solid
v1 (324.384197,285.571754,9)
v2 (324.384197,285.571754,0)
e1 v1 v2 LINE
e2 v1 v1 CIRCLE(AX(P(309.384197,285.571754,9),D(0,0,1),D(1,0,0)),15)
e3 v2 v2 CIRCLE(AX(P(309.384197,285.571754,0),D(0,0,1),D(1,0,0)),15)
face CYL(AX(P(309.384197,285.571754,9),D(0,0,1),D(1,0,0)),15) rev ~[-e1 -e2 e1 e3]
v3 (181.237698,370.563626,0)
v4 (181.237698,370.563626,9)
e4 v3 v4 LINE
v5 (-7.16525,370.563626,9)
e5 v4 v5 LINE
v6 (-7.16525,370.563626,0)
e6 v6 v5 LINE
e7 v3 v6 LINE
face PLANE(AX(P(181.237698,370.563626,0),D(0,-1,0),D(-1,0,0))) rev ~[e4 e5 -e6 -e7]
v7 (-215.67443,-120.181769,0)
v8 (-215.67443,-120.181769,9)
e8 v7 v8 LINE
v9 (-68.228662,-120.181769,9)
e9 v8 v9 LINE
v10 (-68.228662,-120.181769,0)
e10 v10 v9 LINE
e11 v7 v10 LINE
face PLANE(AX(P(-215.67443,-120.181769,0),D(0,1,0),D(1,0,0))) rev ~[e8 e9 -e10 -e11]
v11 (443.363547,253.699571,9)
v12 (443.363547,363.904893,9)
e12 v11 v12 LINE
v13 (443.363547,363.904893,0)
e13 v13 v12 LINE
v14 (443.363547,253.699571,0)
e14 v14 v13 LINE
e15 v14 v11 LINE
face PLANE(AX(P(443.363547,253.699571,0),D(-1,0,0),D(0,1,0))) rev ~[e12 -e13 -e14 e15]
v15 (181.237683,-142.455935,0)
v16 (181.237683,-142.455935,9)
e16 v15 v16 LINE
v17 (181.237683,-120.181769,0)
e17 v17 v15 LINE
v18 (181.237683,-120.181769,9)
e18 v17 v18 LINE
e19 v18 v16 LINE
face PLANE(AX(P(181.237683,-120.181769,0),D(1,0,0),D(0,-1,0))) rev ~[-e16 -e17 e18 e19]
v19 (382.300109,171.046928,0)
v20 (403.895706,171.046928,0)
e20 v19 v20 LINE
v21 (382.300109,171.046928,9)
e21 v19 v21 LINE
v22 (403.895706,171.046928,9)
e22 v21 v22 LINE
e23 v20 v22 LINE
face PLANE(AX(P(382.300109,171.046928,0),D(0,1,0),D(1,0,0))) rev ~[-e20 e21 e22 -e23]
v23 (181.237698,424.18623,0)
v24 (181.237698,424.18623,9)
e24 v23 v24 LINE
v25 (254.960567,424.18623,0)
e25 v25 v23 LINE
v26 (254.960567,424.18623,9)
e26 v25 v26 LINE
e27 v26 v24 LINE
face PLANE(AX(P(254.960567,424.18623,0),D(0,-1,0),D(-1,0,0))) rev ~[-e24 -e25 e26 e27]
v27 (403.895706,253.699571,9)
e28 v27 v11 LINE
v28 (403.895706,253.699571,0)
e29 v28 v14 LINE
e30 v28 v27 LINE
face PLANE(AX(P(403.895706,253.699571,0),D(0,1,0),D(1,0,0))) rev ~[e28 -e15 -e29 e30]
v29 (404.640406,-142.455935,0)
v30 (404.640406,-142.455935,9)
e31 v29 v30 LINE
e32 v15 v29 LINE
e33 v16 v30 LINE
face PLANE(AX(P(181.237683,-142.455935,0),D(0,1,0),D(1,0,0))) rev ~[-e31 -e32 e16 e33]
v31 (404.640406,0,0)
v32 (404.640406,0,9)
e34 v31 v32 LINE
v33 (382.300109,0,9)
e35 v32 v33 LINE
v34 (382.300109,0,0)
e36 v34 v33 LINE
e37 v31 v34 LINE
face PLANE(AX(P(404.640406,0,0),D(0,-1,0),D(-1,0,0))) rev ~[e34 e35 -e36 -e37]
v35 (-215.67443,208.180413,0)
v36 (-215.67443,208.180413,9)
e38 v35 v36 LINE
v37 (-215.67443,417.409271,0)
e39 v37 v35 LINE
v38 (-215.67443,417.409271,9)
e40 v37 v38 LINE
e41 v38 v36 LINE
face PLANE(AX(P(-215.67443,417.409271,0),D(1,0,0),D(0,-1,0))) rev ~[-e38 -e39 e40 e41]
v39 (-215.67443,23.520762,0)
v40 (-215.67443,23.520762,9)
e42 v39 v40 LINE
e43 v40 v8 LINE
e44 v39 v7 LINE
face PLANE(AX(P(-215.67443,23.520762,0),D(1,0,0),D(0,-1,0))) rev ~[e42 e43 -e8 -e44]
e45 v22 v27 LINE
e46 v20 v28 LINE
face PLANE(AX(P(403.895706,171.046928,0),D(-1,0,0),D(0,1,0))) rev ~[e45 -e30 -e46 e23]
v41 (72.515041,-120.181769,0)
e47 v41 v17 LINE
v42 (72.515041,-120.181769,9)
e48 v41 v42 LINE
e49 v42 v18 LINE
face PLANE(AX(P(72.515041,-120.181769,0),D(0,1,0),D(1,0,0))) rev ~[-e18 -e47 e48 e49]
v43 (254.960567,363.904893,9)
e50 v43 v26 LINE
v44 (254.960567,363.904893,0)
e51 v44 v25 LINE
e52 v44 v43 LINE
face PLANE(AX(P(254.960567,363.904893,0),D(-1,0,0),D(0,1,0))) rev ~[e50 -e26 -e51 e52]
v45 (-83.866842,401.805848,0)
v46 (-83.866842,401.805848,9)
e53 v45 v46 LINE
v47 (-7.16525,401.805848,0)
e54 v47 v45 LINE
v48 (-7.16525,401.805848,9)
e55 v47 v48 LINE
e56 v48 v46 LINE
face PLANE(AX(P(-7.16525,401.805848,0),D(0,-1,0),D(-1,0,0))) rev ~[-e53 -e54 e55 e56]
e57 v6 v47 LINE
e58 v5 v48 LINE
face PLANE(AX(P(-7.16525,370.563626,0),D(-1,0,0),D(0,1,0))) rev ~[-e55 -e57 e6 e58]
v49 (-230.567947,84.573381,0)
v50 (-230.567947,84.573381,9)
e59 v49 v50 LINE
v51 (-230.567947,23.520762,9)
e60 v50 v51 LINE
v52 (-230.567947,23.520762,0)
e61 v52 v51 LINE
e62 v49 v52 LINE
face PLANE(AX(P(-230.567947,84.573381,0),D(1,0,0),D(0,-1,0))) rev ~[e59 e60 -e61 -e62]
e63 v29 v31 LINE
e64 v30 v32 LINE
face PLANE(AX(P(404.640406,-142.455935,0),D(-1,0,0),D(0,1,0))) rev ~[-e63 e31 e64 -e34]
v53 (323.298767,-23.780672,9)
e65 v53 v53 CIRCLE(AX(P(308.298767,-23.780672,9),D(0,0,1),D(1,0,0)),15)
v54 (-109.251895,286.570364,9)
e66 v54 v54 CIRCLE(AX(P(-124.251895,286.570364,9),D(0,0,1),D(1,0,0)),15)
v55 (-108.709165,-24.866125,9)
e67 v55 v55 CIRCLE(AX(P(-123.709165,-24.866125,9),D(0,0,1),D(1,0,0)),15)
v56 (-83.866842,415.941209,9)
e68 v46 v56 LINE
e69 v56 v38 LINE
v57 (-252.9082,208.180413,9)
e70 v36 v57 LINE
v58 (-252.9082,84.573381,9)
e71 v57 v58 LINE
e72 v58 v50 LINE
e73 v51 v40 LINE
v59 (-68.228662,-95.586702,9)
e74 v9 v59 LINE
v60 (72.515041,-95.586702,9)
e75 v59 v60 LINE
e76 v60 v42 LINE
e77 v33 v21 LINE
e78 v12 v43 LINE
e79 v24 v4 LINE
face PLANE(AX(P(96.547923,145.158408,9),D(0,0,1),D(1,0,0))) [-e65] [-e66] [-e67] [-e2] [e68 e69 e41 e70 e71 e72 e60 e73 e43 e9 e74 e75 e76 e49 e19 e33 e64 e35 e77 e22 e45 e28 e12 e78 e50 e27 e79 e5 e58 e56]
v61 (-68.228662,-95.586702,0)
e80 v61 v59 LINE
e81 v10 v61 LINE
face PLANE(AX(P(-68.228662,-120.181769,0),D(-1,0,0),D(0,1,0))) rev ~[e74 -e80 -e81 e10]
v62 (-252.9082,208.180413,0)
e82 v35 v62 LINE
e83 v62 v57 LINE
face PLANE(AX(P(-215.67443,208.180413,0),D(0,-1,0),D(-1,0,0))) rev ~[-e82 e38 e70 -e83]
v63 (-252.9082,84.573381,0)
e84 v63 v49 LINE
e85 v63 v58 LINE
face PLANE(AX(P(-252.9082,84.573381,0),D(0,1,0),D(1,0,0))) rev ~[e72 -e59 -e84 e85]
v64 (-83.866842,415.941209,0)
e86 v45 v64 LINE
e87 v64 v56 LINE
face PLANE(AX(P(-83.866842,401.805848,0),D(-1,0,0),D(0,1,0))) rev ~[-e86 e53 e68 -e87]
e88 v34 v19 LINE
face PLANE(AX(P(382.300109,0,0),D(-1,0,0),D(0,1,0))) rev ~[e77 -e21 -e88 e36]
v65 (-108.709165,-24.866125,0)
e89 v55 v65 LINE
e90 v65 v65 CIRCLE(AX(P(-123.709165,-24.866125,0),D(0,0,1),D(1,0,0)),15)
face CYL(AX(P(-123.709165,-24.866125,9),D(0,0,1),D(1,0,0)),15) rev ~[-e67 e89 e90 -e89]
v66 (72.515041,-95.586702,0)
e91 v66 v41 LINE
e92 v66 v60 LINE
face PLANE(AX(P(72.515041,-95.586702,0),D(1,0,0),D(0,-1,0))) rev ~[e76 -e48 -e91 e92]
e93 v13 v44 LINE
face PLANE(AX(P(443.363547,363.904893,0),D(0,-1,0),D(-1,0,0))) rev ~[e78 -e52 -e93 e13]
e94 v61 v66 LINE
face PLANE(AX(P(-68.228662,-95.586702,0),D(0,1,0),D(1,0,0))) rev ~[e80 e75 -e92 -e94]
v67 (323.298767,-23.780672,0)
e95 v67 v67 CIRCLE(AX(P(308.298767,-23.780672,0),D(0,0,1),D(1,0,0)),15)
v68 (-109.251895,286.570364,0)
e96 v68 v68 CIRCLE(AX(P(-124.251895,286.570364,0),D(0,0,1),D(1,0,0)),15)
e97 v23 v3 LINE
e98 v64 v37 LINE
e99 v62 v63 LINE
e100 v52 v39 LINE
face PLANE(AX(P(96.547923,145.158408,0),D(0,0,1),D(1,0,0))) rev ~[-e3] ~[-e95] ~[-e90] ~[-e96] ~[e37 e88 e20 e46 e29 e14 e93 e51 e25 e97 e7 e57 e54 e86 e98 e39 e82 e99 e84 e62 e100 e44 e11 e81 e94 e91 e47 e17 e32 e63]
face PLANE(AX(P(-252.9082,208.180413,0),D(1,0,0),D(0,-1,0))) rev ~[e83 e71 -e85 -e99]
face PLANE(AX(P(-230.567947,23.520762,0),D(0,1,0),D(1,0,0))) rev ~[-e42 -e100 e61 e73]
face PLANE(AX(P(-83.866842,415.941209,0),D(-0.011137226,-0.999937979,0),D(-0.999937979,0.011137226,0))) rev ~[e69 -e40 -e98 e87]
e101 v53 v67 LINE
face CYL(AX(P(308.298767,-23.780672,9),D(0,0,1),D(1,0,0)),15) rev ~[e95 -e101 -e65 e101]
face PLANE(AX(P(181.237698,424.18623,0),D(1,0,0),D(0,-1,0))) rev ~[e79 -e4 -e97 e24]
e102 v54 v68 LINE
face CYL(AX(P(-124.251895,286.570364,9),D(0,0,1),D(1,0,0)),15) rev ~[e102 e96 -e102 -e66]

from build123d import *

# Parameters (mm, degrees)
F1_DEPTH = 9
F2_R     = 15
F3_DEPTH = 9


with BuildPart() as f1:
    # F0 (on Top) → F1 (new body)
    with BuildSketch(Plane.XY):
        Polygon((-83.866842, 415.941209), (-215.67443, 417.409271), (-215.67443, 208.180413), (-252.9082, 208.180413), (-252.9082, 84.573381), (-230.567947, 84.573381), (-230.567947, 23.520762), (-215.67443, 23.520762), (-215.67443, -120.181769), (-68.228662, -120.181769), (-68.228662, -95.586702), (72.515041, -95.586702), (72.515041, -120.181769), (181.237683, -120.181769), (181.237683, -142.455935), (404.640406, -142.455935), (404.640406, 0), (382.300109, 0), (382.300109, 171.046928), (403.895706, 171.046928), (403.895706, 253.699571), (443.363547, 253.699571), (443.363547, 363.904893), (254.960567, 363.904893), (254.960567, 424.18623), (181.237698, 424.18623), (181.237698, 370.563626), (-7.16525, 370.563626), (-7.16525, 401.805848), (-83.866842, 401.805848), align=None)
    extrude(amount=F1_DEPTH)

    # F2 (on face) → F3 (cut)
    with BuildSketch(Plane.XY.offset(9)):
        with Locations((-124.251895, 286.570364)):
            Circle(F2_R)
        with Locations((309.384197, 285.571754)):
            Circle(F2_R)
        with Locations((308.298767, -23.780672)):
            Circle(F2_R)
        with Locations((-123.709165, -24.866125)):
            Circle(F2_R)
    extrude(amount=-F3_DEPTH, mode=Mode.SUBTRACT)


solid = f1.part
